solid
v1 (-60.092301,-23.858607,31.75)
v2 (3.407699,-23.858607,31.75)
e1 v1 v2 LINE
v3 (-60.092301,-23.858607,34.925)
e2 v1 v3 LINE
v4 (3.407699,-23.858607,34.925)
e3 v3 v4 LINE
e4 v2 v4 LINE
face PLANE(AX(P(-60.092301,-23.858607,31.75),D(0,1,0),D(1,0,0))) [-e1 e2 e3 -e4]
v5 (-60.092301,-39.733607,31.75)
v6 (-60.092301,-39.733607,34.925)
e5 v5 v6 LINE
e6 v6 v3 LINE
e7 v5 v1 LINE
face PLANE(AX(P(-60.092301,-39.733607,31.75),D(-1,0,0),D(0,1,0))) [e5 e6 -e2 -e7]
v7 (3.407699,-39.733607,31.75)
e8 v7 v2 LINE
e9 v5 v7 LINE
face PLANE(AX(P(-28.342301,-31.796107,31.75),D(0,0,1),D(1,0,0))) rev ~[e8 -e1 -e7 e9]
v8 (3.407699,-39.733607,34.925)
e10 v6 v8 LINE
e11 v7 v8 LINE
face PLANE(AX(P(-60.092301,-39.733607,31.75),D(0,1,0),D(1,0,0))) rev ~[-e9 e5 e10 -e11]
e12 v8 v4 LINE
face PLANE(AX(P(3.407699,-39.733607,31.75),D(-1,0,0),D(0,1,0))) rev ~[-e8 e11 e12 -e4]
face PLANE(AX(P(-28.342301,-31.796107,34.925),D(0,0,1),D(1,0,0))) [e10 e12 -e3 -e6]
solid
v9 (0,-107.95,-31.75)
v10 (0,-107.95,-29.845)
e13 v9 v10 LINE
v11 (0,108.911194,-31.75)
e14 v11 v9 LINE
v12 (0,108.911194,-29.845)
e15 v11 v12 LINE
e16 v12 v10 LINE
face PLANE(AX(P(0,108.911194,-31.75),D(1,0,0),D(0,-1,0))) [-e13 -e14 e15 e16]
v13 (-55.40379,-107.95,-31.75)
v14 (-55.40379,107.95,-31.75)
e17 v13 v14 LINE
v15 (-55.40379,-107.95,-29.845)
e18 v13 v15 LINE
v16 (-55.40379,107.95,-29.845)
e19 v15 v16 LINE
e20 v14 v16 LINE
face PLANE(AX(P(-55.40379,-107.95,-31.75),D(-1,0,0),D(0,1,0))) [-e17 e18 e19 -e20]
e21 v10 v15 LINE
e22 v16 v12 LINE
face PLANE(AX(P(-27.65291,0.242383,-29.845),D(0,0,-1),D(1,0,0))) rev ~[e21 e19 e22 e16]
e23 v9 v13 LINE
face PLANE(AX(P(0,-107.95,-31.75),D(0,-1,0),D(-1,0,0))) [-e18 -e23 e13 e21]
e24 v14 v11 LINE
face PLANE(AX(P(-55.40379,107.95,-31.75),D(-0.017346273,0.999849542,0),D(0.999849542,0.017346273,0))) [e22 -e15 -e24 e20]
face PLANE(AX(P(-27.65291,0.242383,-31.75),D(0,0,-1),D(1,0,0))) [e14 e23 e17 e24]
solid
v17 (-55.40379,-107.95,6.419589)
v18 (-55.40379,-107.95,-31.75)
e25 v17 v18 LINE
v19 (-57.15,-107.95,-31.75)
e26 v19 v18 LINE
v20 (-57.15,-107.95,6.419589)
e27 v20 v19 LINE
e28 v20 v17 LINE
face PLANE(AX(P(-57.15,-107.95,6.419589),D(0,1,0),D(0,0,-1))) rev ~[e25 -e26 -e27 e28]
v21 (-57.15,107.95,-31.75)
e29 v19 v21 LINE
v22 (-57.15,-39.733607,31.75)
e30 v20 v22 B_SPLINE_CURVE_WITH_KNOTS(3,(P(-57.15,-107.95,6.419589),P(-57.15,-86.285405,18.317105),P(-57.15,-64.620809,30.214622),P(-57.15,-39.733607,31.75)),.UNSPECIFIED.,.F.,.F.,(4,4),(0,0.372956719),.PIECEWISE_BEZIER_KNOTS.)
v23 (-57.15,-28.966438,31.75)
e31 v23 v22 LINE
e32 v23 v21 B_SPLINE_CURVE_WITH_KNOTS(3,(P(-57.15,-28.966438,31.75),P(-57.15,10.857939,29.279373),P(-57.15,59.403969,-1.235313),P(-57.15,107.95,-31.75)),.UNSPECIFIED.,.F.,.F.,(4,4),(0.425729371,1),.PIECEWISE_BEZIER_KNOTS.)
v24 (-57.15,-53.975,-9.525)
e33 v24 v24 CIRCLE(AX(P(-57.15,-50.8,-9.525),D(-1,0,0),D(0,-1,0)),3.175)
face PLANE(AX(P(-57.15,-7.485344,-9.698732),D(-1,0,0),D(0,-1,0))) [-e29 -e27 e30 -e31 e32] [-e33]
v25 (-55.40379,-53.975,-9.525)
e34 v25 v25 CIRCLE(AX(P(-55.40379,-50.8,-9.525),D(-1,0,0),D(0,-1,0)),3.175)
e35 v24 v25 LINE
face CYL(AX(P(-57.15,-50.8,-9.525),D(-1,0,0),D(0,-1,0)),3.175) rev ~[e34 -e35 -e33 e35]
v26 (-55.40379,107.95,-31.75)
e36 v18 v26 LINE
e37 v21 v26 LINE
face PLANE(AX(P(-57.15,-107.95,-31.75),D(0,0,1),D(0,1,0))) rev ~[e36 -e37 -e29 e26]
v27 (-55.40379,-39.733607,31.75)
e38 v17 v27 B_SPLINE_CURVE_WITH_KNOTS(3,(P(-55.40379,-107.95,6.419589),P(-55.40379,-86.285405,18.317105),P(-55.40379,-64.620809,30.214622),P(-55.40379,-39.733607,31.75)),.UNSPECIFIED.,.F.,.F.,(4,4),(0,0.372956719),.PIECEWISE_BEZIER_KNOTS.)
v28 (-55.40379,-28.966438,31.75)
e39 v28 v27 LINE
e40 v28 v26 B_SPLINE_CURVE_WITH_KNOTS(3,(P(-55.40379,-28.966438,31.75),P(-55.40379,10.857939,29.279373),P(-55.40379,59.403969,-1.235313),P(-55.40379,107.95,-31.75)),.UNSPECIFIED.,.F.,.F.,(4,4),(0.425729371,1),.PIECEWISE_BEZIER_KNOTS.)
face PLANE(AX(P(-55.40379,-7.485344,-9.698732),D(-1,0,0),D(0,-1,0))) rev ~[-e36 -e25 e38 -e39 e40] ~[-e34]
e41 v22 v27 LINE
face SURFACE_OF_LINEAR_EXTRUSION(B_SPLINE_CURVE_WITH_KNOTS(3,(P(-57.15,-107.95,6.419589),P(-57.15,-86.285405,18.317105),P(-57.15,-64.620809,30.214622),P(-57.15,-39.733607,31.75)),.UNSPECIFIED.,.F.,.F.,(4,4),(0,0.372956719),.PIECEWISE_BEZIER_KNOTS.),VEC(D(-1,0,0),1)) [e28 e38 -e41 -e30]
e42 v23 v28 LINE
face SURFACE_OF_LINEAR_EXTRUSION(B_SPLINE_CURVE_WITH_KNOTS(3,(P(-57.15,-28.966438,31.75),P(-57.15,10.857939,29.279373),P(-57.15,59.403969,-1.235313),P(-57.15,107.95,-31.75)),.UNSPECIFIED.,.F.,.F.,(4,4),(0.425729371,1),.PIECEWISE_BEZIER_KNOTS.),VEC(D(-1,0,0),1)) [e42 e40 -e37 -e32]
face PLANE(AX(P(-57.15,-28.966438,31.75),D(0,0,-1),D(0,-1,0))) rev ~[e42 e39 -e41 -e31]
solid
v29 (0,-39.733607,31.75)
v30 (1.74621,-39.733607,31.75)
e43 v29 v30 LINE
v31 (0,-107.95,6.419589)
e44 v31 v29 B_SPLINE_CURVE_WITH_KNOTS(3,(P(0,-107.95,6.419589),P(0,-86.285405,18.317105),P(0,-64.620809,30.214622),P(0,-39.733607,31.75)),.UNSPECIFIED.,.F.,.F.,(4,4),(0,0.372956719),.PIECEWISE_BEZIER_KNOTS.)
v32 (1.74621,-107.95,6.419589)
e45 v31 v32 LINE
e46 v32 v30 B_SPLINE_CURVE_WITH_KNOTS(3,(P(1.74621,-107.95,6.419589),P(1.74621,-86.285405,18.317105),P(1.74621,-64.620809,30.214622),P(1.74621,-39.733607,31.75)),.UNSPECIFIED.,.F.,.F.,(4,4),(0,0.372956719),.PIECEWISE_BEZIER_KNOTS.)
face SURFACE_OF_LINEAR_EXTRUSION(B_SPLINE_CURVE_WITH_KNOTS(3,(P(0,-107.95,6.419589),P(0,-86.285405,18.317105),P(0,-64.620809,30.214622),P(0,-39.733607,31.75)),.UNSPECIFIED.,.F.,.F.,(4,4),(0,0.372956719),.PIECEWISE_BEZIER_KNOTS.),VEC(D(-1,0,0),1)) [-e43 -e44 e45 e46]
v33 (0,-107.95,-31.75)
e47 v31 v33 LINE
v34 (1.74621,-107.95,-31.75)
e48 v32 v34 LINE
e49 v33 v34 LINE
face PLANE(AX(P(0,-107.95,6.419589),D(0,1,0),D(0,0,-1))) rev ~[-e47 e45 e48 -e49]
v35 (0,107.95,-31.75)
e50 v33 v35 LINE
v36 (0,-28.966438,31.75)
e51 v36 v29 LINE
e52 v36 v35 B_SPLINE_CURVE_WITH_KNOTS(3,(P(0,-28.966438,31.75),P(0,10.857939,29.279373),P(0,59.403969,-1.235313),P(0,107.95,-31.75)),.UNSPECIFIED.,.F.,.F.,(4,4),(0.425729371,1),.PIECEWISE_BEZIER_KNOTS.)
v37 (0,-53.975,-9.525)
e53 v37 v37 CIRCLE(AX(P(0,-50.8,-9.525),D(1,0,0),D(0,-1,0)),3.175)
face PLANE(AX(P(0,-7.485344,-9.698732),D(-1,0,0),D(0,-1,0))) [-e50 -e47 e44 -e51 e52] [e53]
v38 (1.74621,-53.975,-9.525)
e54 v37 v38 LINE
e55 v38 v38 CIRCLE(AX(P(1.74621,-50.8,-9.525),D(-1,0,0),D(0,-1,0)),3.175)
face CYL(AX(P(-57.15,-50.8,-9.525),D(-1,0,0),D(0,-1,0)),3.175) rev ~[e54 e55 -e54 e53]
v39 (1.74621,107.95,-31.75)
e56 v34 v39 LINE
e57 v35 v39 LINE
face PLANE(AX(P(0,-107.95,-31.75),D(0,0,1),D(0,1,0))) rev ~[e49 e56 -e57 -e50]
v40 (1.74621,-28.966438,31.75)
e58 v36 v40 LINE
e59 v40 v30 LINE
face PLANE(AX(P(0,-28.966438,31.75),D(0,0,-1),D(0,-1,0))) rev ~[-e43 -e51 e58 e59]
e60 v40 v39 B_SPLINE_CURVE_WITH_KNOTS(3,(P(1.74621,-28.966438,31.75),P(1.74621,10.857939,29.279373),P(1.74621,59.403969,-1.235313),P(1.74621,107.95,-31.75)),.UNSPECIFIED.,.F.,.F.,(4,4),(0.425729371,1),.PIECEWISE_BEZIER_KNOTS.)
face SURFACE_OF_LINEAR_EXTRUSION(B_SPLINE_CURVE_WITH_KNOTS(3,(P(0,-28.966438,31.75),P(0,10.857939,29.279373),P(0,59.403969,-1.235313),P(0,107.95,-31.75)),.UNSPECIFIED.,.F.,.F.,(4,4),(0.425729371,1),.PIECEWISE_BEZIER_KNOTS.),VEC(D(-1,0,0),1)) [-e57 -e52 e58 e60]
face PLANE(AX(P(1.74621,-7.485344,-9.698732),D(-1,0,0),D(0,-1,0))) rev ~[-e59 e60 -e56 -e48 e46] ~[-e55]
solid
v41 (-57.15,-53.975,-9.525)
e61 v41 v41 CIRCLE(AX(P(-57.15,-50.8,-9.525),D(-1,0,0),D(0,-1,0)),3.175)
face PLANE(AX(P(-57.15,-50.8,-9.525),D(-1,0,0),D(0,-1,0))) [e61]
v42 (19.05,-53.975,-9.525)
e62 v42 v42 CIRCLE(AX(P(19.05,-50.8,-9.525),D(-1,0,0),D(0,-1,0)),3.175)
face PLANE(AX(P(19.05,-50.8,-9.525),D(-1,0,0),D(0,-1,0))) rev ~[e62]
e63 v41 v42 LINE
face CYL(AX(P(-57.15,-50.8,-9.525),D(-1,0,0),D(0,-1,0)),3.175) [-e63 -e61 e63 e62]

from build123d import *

# Parameters (mm, degrees)
F1_DEPTH  = 1.74621
F4_DEPTH  = 1.905
F6_R      = 3.175
F7_DEPTH  = 58.8972101
F5_W      = 63.5
F5_H      = 15.875
F8_DEPTH  = 3.175
F9_R      = 3.175
F10_DEPTH = 61.8395109511
F11_DEPTH = 76.2


with BuildPart() as f1:
    # F0 (on Right) → F1 (new body)
    with BuildSketch(Plane.YZ):
        with BuildLine():
            add(Edge.make_bspline(
                [(-28.9664380252, 31.75), (10.8579386516, 29.2793732296), (59.4039693258, -1.2353133852), (107.95, -31.75)],
                knots=[0.4257293713, 0.4257293713, 0.4257293713, 0.4257293713, 1, 1, 1, 1], degree=3))
            Line((-28.9664380252, 31.75), (-39.7336066837, 31.75))
            add(Edge.make_bspline(
                [(-107.95, 6.4195892774), (-86.2854045364, 18.3171054864), (-64.6208090729, 30.2146216955), (-39.7336066837, 31.75)],
                knots=[0, 0, 0, 0, 0.3729567186, 0.3729567186, 0.3729567186, 0.3729567186], degree=3))
            Line((-107.95, 6.4195892774), (-107.95, -31.75))
            Line((-107.95, -31.75), (107.95, -31.75))
        make_face()
    extrude(amount=F1_DEPTH)


with BuildPart() as f2_1:
    # F2: copy of F1
    add(f1.part.moved(Location((-57.15, 0, 0))))


with BuildPart() as f4:
    # F3 (on face) → F4 (new body)
    with BuildSketch(Plane(origin=(0, 0, -31.75), x_dir=(1, 0, 0), z_dir=(0, 0, -1))):
        Polygon((0, 107.95), (-55.40379, 107.95), (-55.40379, -107.95), (0, -108.9111939073), align=None)
    extrude(amount=-F4_DEPTH)


with BuildPart() as f7_tool:
    # F6 (on face) → F7 (new body, through all)
    with BuildSketch(Plane(origin=(-57.15, 0, 0), x_dir=(0, -1, 0), z_dir=(-1, 0, 0))):
        with Locations((50.8, -9.525)):
            Circle(F6_R)
    extrude(amount=-F7_DEPTH)


with BuildPart() as f1_1:
    add(f1.part)

    # F7: cut by f7_tool
    add(f7_tool.part, mode=Mode.SUBTRACT)

    # F9 (on face) → F10 (cut, through all)
    with BuildSketch(Plane.YZ.offset(1.74621)):
        with Locations((-50.8, -9.525)):
            Circle(F9_R)
    extrude(amount=-F10_DEPTH, mode=Mode.SUBTRACT)


with BuildPart() as f2_1_1:
    add(f2_1.part)

    # F7: cut by f7_tool
    add(f7_tool.part, mode=Mode.SUBTRACT)


with BuildPart() as f8:
    # F5 (on face) → F8 (new body)
    with BuildSketch(Plane.XY.offset(31.75)):
        with Locations((-28.3423009511, -31.7961066837)):
            Rectangle(F5_W, F5_H)
    extrude(amount=F8_DEPTH)


with BuildPart() as f11:
    # F6 (on face) → F11 (new body)
    with BuildSketch(Plane(origin=(-57.15, 0, 0), x_dir=(0, -1, 0), z_dir=(-1, 0, 0))):
        with Locations((50.8, -9.525)):
            Circle(F6_R)
    extrude(amount=-F11_DEPTH)


solid = Compound([f4.part, f1_1.part, f2_1_1.part, f8.part, f11.part])
